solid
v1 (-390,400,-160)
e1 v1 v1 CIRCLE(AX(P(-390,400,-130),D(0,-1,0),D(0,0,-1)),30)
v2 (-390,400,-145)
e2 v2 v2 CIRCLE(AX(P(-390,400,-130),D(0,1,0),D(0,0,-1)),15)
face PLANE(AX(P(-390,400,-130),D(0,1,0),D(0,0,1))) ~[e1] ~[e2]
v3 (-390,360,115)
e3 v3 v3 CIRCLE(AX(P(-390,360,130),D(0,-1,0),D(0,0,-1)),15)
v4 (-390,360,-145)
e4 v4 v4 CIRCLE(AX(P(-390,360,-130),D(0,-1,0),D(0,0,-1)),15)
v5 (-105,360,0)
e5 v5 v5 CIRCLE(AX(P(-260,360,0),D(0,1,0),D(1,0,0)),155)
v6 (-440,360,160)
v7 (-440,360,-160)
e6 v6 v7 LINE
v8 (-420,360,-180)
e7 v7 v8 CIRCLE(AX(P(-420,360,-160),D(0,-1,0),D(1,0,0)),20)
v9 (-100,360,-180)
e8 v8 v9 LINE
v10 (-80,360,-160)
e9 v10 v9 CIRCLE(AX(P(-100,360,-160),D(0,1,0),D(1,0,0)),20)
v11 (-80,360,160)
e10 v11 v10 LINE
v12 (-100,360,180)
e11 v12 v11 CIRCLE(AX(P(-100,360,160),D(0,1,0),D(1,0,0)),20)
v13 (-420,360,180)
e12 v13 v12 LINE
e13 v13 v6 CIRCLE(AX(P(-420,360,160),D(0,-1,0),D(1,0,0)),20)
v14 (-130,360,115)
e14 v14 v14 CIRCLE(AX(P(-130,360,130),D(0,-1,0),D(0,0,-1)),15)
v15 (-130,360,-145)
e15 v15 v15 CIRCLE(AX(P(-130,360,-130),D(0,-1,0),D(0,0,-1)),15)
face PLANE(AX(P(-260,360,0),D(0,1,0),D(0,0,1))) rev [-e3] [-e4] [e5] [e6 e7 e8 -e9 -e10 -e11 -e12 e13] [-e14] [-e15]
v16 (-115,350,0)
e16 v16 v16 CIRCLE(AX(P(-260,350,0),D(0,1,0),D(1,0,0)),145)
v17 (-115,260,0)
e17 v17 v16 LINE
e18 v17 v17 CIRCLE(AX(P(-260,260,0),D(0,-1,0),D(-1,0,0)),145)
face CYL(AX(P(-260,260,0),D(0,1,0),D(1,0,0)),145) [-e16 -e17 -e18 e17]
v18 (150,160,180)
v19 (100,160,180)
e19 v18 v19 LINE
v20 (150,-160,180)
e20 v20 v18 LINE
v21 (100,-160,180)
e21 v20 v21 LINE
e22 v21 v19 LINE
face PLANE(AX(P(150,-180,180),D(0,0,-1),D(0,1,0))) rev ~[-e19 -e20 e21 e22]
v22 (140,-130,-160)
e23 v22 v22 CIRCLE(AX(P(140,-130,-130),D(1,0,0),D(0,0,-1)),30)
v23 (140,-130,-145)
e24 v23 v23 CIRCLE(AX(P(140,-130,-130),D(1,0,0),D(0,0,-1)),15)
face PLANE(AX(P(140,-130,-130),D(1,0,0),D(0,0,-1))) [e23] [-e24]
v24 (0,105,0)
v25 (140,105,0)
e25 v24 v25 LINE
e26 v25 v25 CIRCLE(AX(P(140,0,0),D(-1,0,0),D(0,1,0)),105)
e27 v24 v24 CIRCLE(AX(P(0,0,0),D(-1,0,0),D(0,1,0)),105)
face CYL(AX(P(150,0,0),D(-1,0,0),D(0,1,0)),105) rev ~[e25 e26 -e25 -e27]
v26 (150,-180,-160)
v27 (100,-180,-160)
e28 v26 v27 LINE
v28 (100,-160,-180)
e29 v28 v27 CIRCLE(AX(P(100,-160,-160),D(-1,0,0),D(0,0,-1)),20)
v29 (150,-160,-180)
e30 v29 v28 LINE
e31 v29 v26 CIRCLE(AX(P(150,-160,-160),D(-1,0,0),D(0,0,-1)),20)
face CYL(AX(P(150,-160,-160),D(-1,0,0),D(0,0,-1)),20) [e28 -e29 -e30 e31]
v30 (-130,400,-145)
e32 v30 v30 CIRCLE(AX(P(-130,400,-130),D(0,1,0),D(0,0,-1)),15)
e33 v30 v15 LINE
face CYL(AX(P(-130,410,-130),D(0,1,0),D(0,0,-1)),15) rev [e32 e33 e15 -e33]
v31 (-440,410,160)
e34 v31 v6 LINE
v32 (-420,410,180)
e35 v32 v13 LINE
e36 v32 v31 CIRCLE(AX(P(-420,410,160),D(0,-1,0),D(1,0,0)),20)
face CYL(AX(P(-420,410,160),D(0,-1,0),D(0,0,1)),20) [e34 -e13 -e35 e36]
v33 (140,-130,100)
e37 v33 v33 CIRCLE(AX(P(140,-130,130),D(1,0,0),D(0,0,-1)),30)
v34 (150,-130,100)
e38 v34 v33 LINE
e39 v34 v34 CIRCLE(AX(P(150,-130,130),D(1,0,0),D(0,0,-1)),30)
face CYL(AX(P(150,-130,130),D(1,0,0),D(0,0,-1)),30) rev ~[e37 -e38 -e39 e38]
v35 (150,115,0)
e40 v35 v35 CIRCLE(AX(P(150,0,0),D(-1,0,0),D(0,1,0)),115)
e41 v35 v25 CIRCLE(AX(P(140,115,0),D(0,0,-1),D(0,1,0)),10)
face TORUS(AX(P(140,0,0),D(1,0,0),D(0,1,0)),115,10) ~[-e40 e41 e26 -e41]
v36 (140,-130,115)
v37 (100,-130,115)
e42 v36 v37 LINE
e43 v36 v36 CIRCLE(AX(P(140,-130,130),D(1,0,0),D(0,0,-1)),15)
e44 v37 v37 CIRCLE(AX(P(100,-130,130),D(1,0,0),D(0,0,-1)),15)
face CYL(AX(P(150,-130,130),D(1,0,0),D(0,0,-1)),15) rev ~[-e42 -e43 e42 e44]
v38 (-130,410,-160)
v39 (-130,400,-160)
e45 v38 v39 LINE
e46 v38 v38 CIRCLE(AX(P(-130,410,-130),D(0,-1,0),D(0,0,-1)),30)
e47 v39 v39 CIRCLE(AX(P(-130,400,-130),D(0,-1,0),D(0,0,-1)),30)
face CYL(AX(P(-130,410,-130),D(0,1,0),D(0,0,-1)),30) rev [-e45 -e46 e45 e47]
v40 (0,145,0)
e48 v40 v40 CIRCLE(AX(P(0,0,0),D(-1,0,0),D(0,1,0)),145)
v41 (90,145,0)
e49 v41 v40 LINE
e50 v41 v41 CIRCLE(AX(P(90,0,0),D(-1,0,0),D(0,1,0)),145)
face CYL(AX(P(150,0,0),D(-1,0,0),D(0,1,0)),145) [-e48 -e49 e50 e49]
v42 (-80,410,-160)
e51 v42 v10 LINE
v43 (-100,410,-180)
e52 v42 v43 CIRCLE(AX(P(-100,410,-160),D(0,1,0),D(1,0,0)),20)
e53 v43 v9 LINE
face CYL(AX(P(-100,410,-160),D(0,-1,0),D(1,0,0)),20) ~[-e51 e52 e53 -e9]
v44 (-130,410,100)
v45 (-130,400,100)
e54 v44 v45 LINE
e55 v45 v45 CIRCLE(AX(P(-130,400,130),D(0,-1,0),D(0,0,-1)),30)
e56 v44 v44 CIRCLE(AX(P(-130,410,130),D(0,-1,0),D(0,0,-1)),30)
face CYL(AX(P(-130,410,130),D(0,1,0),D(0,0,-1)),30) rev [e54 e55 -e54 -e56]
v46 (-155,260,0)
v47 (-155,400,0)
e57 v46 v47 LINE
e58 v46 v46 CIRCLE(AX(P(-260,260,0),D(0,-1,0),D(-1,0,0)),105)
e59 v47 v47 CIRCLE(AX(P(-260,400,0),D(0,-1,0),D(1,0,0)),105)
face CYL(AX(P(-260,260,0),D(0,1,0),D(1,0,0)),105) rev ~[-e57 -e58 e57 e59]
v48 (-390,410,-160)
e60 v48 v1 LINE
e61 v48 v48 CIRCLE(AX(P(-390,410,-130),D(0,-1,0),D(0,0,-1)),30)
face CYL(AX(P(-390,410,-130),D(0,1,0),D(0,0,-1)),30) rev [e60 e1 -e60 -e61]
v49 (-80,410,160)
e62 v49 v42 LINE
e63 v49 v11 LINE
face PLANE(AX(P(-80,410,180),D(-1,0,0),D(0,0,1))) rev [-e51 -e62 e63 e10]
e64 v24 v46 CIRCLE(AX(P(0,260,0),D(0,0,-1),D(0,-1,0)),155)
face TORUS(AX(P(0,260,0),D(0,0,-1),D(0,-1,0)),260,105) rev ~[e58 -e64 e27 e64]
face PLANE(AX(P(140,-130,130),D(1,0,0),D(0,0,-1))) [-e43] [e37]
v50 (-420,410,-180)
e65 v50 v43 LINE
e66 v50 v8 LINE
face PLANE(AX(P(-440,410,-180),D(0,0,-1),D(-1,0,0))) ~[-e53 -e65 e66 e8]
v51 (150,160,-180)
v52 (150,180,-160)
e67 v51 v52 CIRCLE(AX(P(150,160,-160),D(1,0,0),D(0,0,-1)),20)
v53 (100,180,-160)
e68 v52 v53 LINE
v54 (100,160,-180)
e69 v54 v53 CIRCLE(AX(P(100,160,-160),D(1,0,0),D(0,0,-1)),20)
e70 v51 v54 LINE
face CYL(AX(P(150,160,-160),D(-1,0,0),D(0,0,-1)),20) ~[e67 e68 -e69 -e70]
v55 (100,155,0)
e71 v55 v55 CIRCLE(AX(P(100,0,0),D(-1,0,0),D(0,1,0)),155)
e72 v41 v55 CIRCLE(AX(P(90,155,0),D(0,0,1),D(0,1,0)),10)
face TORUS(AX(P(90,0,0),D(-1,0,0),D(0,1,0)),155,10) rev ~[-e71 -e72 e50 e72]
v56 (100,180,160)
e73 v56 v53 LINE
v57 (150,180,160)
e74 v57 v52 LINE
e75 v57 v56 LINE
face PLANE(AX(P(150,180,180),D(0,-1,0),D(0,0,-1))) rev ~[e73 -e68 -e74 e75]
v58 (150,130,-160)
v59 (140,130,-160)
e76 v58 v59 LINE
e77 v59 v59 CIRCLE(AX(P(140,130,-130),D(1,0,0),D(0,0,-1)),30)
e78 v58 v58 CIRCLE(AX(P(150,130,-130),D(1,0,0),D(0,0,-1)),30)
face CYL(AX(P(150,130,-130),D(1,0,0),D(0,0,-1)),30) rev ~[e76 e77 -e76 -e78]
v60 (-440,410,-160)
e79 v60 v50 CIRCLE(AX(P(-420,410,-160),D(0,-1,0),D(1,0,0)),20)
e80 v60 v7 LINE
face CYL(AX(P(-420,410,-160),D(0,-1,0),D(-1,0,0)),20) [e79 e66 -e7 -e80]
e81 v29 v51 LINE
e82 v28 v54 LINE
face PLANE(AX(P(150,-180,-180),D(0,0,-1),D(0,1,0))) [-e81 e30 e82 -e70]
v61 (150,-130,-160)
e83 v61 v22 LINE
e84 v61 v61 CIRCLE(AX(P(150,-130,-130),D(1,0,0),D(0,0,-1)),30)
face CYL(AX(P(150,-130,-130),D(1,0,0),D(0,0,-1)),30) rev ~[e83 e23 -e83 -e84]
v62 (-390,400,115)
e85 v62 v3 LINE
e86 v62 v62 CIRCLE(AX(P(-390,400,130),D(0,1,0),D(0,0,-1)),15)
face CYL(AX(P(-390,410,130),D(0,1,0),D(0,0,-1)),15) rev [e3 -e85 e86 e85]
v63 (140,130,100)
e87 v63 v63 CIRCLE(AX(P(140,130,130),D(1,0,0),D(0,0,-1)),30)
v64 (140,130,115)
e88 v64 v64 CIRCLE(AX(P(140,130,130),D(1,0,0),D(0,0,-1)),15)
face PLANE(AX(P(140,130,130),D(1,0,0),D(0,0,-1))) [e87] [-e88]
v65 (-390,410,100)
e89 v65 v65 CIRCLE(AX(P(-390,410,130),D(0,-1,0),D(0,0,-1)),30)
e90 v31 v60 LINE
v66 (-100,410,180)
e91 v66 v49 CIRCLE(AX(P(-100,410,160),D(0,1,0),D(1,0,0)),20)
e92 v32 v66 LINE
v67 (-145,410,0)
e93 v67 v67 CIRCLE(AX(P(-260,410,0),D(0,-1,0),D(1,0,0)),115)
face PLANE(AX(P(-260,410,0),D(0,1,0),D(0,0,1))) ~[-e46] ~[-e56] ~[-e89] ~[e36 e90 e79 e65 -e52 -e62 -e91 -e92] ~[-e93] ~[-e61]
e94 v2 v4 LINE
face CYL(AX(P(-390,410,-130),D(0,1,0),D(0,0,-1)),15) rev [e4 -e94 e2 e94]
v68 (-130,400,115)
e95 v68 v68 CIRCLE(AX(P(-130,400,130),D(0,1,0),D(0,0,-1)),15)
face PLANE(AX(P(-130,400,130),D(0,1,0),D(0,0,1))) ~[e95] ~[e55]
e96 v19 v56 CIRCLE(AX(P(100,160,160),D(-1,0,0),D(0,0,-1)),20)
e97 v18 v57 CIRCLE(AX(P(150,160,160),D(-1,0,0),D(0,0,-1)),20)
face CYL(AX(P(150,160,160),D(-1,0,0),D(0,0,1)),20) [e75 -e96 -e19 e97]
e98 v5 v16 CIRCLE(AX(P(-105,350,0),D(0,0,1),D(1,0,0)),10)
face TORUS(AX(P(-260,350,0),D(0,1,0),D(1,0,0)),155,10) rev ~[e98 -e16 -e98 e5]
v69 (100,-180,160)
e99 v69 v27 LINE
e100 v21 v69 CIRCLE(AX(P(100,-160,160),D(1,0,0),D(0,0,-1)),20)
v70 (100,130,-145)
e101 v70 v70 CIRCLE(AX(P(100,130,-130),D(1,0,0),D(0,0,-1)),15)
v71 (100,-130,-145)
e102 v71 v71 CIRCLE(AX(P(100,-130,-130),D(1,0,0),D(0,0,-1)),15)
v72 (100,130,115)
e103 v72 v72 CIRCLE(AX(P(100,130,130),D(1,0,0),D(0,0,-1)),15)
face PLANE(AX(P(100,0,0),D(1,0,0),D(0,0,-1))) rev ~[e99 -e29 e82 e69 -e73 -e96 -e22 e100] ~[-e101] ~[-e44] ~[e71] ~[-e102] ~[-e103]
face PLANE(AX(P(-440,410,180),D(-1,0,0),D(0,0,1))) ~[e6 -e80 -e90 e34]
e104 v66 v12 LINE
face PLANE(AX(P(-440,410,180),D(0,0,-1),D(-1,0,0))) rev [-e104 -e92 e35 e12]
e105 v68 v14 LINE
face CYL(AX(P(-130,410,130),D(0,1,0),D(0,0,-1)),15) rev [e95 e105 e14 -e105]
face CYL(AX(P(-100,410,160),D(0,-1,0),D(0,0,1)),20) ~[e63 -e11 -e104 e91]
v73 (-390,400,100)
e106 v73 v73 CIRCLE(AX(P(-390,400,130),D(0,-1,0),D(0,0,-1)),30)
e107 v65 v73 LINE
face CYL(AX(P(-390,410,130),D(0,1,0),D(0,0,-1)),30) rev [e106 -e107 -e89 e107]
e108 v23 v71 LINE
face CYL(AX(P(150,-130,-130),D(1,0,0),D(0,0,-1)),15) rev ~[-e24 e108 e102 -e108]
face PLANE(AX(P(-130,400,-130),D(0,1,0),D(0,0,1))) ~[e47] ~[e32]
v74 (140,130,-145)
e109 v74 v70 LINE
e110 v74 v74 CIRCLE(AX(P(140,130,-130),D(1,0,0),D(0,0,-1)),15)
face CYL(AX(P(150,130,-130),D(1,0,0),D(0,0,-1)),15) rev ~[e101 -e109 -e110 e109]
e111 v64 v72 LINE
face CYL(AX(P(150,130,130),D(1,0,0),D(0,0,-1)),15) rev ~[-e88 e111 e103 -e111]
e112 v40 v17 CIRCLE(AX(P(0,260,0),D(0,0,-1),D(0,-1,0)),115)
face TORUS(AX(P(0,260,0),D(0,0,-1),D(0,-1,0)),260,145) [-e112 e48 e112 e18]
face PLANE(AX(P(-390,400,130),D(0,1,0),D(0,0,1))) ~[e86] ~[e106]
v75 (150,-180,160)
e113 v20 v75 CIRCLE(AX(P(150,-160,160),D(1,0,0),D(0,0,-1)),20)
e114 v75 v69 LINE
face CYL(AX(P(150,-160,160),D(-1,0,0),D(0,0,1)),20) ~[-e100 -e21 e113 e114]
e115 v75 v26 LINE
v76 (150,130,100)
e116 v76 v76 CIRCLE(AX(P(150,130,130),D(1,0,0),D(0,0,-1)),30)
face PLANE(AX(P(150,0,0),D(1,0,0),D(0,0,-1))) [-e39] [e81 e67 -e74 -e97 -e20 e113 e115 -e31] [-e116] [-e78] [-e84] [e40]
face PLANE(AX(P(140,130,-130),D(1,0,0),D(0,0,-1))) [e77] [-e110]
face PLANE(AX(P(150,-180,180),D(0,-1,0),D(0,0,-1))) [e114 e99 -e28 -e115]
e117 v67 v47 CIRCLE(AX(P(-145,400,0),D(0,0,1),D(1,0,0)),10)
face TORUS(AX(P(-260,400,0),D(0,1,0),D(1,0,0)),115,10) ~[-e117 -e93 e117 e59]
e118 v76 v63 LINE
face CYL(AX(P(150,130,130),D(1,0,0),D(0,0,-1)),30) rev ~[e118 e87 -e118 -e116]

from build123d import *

# Parameters (mm, degrees)
SKETCH6_R            = 145
SKETCH6_R_2          = 105
SKETCH9_W            = 360
SKETCH9_H            = 360
SKETCH9_R            = 105
SKETCH9_R_2          = 15
BOSS_EXTRUDE1_DEPTH  = 50
FILLET1_R            = 20
SKETCH11_R           = 30
CUT_EXTRUDE1_DEPTH   = 10
FILLET2_R            = 10
FILLET1_OF_MIRROR4_R = 20
FILLET3_R            = 10
FILLET4_R            = 10


with BuildPart() as part:
    # Sweep1: sweep along a path in Sketch4
    with BuildLine(Plane.XY) as sweep1_path:
        Line((150, 0), (0, 0))
        ThreePointArc((0, 0), (-183.847763109, 76.152236891), (-260, 260))
        Line((-260, 260), (-260, 410))
    # Sketch6 → Sweep1 (sweep)
    with BuildSketch(Plane(origin=(0, 410, 0), x_dir=(1, 0, 0), z_dir=(0, 1, 0))):
        with Locations((-260, 0)):
            Circle(SKETCH6_R)
        with Locations((-260, 0)):
            Circle(SKETCH6_R_2, mode=Mode.SUBTRACT)
    sweep(path=sweep1_path.line)

    # Sketch9 → Boss-Extrude1 (add)
    with BuildSketch(Plane(origin=(150, 0, 0), x_dir=(0, 0, -1), z_dir=(1, 0, 0))):
        Rectangle(SKETCH9_W, SKETCH9_H)
        Circle(SKETCH9_R, mode=Mode.SUBTRACT)
        with Locations((-130, 130)):
            Circle(SKETCH9_R_2, mode=Mode.SUBTRACT)
        with Locations((130, 130)):
            Circle(SKETCH9_R_2, mode=Mode.SUBTRACT)
        with Locations((130, -130)):
            Circle(SKETCH9_R_2, mode=Mode.SUBTRACT)
        with Locations((-130, -130)):
            Circle(SKETCH9_R_2, mode=Mode.SUBTRACT)
    boss_extrude1 = extrude(amount=-BOSS_EXTRUDE1_DEPTH)

    # Fillet1
    fillet1_edges = [part.edges().sort_by_distance(p)[0] for p in [
        (125, -180, 180),
        (125, 180, 180),
        (125, 180, -180),
        (125, -180, -180),
    ]]
    fillet(fillet1_edges, radius=FILLET1_R)

    # Sketch11 → Cut-Extrude1 (cut)
    with BuildSketch(Plane(origin=(150, 0, 0), x_dir=(0, 0, -1), z_dir=(1, 0, 0))):
        with Locations((-130, 130)):
            Circle(SKETCH11_R)
        with Locations((130, 130)):
            Circle(SKETCH11_R)
        with Locations((130, -130)):
            Circle(SKETCH11_R)
        with Locations((-130, -130)):
            Circle(SKETCH11_R)
    cut_extrude1 = extrude(amount=-CUT_EXTRUDE1_DEPTH, mode=Mode.SUBTRACT)

    # Fillet2
    fillet2_edges = [part.edges().sort_by_distance(p)[0] for p in [
        (150, -105, 0),
    ]]
    fillet(fillet2_edges, radius=FILLET2_R)

    # Mirror4: Boss-Extrude1, Cut-Extrude1 across plane
    add(boss_extrude1.mirror(Plane(origin=(-130, 130, 0), x_dir=(0, 0, 1), z_dir=(0.707106781, -0.707106781, 0))))
    add(cut_extrude1.mirror(Plane(origin=(-130, 130, 0), x_dir=(0, 0, 1), z_dir=(0.707106781, -0.707106781, 0))), mode=Mode.SUBTRACT)

    # Fillet1 of Mirror4
    fillet1_of_mirror4_edges = [part.edges().sort_by_distance(p)[0] for p in [
        (-440, 385, 180),
        (-80, 385, 180),
        (-80, 385, -180),
        (-440, 385, -180),
    ]]
    fillet(fillet1_of_mirror4_edges, radius=FILLET1_OF_MIRROR4_R)

    # Fillet3
    fillet3_edges = [part.edges().sort_by_distance(p)[0] for p in [
        (-365, 410, 0),
    ]]
    fillet(fillet3_edges, radius=FILLET3_R)

    # Fillet4
    fillet4_edges = [part.edges().sort_by_distance(p)[0] for p in [
        (100, -145, 0),
        (-405, 360, 0),
    ]]
    fillet(fillet4_edges, radius=FILLET4_R)


solid = part.part
